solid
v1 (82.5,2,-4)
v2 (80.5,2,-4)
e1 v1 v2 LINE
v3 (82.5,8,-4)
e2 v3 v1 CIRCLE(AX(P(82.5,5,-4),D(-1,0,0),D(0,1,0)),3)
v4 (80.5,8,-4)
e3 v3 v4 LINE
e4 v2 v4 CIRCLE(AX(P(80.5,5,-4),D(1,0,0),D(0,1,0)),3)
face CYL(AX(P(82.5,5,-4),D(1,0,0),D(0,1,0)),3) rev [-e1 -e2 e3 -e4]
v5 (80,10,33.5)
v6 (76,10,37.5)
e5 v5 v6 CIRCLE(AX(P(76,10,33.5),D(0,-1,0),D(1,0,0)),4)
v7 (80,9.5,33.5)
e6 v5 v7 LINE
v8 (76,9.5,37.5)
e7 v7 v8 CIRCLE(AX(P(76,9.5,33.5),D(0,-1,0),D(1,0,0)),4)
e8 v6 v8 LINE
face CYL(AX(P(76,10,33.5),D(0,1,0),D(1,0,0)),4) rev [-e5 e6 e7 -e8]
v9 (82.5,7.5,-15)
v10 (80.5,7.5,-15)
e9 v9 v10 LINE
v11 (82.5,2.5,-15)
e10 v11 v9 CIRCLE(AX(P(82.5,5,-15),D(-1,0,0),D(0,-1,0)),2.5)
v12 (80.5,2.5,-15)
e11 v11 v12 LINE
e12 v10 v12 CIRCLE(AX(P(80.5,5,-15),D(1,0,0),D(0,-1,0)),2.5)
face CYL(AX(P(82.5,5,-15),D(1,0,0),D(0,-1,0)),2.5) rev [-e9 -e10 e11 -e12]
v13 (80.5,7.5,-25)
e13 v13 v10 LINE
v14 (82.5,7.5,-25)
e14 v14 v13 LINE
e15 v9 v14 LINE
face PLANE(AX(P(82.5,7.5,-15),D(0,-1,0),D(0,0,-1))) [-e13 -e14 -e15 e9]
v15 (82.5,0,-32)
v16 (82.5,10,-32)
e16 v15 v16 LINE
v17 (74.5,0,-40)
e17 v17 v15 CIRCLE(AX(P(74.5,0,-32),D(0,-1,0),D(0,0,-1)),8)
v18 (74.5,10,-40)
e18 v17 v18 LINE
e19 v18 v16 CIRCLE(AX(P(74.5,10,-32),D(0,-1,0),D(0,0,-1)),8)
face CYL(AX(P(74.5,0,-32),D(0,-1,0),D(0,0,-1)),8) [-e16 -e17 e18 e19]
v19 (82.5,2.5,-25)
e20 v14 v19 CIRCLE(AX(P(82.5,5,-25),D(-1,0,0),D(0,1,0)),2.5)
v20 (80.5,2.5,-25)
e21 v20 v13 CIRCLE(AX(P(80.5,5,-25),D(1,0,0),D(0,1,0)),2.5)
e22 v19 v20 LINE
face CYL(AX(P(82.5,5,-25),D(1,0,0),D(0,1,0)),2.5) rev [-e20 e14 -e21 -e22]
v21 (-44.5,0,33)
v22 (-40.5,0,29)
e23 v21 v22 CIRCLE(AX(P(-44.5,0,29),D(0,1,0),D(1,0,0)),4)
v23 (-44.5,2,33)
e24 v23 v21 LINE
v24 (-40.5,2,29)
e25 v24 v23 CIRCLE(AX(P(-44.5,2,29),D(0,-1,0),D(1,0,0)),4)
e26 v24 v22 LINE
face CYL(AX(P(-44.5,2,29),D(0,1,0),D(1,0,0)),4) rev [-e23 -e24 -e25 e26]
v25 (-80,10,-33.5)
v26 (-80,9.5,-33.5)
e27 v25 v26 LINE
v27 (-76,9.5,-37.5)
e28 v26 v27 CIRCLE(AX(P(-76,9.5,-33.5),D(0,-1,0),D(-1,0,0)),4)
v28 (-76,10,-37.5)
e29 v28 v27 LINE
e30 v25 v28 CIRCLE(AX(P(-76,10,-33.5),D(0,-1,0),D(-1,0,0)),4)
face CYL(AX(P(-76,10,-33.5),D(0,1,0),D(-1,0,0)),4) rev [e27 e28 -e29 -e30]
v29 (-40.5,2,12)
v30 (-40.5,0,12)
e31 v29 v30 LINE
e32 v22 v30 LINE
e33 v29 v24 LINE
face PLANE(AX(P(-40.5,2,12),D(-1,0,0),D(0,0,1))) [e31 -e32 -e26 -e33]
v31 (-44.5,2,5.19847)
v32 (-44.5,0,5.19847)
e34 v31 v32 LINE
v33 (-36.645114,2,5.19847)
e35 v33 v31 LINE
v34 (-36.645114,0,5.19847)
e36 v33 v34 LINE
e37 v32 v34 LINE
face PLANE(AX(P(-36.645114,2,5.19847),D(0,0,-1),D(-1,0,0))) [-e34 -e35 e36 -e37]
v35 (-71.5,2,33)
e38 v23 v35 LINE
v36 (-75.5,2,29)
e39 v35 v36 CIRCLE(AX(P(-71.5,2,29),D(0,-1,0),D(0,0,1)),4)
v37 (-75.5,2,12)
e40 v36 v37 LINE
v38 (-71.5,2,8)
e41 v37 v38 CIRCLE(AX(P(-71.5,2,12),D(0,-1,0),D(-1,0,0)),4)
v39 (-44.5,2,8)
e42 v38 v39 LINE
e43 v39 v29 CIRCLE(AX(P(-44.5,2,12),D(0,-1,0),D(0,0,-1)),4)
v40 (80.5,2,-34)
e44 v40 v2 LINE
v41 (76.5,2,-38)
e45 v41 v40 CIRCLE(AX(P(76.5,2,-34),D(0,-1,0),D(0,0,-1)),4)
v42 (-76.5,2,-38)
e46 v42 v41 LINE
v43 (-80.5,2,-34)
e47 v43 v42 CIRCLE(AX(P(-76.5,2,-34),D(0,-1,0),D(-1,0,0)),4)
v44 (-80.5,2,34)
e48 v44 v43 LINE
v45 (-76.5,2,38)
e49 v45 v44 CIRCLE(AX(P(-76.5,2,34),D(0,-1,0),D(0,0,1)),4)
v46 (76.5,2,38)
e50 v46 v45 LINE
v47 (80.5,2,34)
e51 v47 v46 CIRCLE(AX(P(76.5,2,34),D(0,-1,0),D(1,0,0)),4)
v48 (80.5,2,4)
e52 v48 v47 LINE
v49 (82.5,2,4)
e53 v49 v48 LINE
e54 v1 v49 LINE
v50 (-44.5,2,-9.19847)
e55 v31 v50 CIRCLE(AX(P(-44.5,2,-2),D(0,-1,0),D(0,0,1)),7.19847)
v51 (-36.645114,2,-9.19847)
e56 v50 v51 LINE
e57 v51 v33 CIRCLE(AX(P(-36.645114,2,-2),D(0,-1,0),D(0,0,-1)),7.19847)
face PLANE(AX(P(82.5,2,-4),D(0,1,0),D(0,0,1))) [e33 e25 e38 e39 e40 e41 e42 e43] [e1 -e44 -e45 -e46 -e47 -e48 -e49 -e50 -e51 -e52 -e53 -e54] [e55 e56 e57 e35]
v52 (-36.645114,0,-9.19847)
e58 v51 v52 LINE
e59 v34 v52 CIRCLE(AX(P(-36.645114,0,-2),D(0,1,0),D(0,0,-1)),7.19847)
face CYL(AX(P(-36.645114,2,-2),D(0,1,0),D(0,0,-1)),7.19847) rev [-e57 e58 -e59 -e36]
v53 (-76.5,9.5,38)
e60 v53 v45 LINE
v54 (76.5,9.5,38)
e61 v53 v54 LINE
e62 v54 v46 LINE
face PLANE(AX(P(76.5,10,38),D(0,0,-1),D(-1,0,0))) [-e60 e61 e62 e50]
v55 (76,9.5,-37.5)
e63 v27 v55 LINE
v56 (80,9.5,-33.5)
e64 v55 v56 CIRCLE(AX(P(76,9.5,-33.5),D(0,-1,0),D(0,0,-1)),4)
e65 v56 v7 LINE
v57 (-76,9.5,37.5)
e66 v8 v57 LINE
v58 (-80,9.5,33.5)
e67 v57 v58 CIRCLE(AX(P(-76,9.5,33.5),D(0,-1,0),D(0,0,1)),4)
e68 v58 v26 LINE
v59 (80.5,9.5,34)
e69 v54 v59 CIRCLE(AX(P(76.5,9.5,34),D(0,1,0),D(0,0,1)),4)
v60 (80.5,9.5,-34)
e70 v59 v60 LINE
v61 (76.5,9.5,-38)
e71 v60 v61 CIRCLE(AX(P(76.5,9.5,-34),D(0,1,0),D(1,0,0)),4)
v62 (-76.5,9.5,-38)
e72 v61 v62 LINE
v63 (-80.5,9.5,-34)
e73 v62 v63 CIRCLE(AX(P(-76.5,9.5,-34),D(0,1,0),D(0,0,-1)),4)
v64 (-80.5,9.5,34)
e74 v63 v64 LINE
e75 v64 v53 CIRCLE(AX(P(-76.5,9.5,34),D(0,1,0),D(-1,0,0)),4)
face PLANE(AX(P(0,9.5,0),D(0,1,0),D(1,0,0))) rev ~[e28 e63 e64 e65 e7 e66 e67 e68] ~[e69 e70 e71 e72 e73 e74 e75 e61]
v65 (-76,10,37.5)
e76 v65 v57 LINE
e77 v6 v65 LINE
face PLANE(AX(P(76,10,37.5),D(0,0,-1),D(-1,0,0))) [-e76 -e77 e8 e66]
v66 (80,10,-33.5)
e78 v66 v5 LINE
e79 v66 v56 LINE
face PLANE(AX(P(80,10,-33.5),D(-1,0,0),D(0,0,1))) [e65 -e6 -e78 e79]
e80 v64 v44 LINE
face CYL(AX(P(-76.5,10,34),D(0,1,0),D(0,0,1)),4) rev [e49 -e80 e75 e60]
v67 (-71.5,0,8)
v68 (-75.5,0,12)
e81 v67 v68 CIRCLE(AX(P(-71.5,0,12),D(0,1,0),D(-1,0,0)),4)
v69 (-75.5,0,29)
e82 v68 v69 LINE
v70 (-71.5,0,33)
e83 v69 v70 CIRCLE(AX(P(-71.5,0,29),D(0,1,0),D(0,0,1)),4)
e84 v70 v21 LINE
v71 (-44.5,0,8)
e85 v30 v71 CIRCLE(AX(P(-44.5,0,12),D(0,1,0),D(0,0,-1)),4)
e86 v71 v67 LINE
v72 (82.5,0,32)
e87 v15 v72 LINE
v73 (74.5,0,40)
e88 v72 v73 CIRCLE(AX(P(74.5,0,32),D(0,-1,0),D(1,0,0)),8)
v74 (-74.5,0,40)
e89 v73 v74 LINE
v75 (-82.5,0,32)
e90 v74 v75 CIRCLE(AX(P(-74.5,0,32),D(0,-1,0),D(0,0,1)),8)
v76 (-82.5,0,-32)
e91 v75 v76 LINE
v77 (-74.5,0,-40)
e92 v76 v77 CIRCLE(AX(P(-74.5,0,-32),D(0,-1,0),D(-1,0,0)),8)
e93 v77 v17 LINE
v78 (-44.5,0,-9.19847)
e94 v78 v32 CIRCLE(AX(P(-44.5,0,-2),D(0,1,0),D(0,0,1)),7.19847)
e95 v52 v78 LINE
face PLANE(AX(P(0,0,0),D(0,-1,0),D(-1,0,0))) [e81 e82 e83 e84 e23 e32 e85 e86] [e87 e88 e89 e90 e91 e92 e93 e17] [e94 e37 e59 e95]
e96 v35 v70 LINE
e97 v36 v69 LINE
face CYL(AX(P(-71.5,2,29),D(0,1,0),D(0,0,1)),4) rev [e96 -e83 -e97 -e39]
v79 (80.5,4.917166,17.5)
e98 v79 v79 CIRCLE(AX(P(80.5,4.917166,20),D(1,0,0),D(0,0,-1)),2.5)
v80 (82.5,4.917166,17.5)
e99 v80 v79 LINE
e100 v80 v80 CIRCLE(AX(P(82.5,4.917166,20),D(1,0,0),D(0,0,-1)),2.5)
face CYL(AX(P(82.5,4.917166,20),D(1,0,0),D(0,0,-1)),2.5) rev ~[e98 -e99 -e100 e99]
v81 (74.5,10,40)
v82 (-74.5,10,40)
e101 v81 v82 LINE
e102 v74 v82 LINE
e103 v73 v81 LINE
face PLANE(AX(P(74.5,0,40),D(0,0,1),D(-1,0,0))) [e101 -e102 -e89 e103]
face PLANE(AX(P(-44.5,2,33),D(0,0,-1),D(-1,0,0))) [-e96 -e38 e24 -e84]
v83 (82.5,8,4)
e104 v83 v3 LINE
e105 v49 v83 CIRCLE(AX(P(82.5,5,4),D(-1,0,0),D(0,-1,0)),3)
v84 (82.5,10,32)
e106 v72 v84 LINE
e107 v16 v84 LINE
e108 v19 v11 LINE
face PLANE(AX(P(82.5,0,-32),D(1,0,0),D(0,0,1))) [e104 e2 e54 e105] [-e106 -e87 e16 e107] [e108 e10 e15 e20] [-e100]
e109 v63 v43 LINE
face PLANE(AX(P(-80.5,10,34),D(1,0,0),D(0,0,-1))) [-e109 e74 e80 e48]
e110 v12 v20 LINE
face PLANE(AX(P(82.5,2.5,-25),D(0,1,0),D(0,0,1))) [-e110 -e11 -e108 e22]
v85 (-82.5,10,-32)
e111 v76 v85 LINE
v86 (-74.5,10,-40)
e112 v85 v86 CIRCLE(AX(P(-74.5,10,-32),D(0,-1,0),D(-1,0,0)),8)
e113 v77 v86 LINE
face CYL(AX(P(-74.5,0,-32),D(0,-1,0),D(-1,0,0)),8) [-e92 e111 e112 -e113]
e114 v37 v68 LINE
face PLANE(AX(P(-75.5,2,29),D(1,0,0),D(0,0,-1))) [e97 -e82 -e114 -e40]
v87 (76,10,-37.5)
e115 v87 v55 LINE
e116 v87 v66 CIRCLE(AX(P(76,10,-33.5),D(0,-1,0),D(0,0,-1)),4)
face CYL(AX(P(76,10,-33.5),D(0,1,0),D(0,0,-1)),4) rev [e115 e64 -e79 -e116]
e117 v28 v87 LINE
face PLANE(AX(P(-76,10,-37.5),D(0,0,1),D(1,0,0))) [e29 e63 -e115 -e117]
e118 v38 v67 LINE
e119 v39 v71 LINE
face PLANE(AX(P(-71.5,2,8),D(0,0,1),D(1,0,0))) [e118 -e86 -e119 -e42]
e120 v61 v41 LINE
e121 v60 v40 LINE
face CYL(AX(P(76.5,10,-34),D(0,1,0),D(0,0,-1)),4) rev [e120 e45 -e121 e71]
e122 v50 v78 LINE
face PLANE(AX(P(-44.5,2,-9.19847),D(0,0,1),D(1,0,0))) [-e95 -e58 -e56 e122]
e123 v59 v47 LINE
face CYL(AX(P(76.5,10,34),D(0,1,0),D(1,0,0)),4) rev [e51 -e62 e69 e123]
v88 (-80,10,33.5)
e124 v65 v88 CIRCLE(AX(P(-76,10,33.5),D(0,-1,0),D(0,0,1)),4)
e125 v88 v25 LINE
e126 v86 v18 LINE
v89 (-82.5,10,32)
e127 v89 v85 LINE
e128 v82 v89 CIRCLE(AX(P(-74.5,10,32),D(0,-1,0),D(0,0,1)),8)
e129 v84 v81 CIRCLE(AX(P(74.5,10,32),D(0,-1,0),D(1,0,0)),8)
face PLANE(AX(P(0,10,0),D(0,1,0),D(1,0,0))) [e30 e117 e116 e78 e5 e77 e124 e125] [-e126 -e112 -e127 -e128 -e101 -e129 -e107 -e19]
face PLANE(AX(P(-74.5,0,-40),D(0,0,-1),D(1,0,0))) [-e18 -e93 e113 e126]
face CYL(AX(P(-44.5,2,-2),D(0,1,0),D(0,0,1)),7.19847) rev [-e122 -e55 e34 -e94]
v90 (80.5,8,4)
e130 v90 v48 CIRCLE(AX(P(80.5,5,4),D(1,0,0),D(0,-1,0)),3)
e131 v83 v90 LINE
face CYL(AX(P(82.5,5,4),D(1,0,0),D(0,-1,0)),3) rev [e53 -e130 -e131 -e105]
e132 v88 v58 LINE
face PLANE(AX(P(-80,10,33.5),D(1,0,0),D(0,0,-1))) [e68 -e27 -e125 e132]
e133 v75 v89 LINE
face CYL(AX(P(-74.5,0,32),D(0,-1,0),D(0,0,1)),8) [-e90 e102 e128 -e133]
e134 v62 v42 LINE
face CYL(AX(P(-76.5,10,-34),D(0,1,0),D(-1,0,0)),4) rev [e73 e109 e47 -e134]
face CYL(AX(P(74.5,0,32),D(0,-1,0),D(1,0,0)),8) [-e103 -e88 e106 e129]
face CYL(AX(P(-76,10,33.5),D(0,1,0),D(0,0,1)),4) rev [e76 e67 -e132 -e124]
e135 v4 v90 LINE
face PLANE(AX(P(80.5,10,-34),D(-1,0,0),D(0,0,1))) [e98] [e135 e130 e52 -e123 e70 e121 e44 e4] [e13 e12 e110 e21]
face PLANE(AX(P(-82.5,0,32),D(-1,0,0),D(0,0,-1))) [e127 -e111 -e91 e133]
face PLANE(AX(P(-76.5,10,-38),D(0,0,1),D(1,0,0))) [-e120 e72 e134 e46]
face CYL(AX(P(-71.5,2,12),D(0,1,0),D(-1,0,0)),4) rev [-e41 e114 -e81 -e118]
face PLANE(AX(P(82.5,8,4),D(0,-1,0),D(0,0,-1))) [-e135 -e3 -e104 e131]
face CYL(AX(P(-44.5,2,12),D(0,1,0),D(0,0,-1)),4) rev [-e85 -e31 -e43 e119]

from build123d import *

# Parameters (mm, degrees)
BOSS_EXTRUDE1_DEPTH = 10
CUT_EXTRUDE1_DEPTH  = 8
CUT_EXTRUDE2_DEPTH  = 8
SKETCH4_R           = 2.5
CUT_EXTRUDE3_DEPTH  = 8
BOSS_EXTRUDE2_DEPTH = 0.5


with BuildPart() as part:
    # Sketch1 → Boss-Extrude1 (new body)
    with BuildSketch(Plane(origin=(0, 0, 0), x_dir=(1, 0, 0), z_dir=(0, 1, 0))):
        with BuildLine():
            Line((-74.5, 40), (74.5, 40))
            ThreePointArc((74.5, 40), (80.156854249, 37.656854249), (82.5, 32))
            Line((82.5, 32), (82.5, -32))
            ThreePointArc((82.5, -32), (80.156854249, -37.656854249), (74.5, -40))
            Line((74.5, -40), (-74.5, -40))
            ThreePointArc((-74.5, -40), (-80.156854249, -37.656854249), (-82.5, -32))
            Line((-82.5, -32), (-82.5, 32))
            ThreePointArc((-82.5, 32), (-80.156854249, 37.656854249), (-74.5, 40))
        make_face()
    extrude(amount=BOSS_EXTRUDE1_DEPTH)

    # Sketch2 → Cut-Extrude1 (cut)
    with BuildSketch(Plane(origin=(0, 10, 0), x_dir=(1, 0, 0), z_dir=(0, 1, 0))):
        with BuildLine():
            Line((-76.5, 38), (76.5, 38))
            ThreePointArc((76.5, 38), (79.328427125, 36.828427125), (80.5, 34))
            Line((80.5, 34), (80.5, -34))
            ThreePointArc((80.5, -34), (79.328427125, -36.828427125), (76.5, -38))
            Line((76.5, -38), (-76.5, -38))
            ThreePointArc((-76.5, -38), (-79.328427125, -36.828427125), (-80.5, -34))
            Line((-80.5, -34), (-80.5, 34))
            ThreePointArc((-80.5, 34), (-79.328427125, 36.828427125), (-76.5, 38))
        make_face()
    extrude(amount=-CUT_EXTRUDE1_DEPTH, mode=Mode.SUBTRACT)

    # Sketch3 → Cut-Extrude2 (cut)
    with BuildSketch(Plane(origin=(0, 2, 0), x_dir=(1, 0, 0), z_dir=(0, 1, 0))):
        with BuildLine():
            Line((-71.5, -8), (-44.5, -8))
            ThreePointArc((-44.5, -8), (-41.671572875, -9.171572875), (-40.5, -12))
            Line((-40.5, -12), (-40.5, -29))
            ThreePointArc((-40.5, -29), (-41.671572875, -31.828427125), (-44.5, -33))
            Line((-44.5, -33), (-71.5, -33))
            ThreePointArc((-71.5, -33), (-74.328427125, -31.828427125), (-75.5, -29))
            Line((-75.5, -29), (-75.5, -12))
            ThreePointArc((-75.5, -12), (-74.328427125, -9.171572875), (-71.5, -8))
        make_face()
        with BuildLine():
            Line((-44.5, 9.198469839), (-36.645114423, 9.198469839))
            ThreePointArc((-36.645114423, 9.198469839), (-29.446644584, 2), (-36.645114423, -5.198469839))
            Line((-36.645114423, -5.198469839), (-44.5, -5.198469839))
            ThreePointArc((-44.5, -5.198469839), (-51.698469839, 2), (-44.5, 9.198469839))
        make_face()
    extrude(amount=-CUT_EXTRUDE2_DEPTH, mode=Mode.SUBTRACT)

    # Sketch4 → Cut-Extrude3 (cut)
    with BuildSketch(Plane(origin=(82.5, 0, 0), x_dir=(0, 0, -1), z_dir=(1, 0, 0))):
        with Locations((-20, 4.917165975)):
            Circle(SKETCH4_R)
        with BuildLine():
            Line((-4, 8), (4, 8))
            ThreePointArc((4, 8), (7, 5), (4, 2))
            Line((4, 2), (-4, 2))
            ThreePointArc((-4, 2), (-7, 5), (-4, 8))
        make_face()
        with BuildLine():
            Line((15, 7.5), (25, 7.5))
            ThreePointArc((25, 7.5), (27.5, 5), (25, 2.5))
            Line((25, 2.5), (15, 2.5))
            ThreePointArc((15, 2.5), (12.5, 5), (15, 7.5))
        make_face()
    extrude(amount=-CUT_EXTRUDE3_DEPTH, mode=Mode.SUBTRACT)

    # Sketch6 → Boss-Extrude2 (add)
    with BuildSketch(Plane(origin=(0, 10, 0), x_dir=(1, 0, 0), z_dir=(0, 1, 0))):
        with BuildLine():
            Line((80.5, -34), (80.5, 34))
            ThreePointArc((80.5, 34), (79.328427125, 36.828427125), (76.5, 38))
            Line((76.5, 38), (-76.5, 38))
            ThreePointArc((-76.5, 38), (-79.328427125, 36.828427125), (-80.5, 34))
            Line((-80.5, 34), (-80.5, -34))
            ThreePointArc((-80.5, -34), (-79.328427125, -36.828427125), (-76.5, -38))
            Line((-76.5, -38), (76.5, -38))
            ThreePointArc((76.5, -38), (79.328427125, -36.828427125), (80.5, -34))
        make_face()
        with BuildLine():
            Line((-76, 37.5), (76, 37.5))
            ThreePointArc((76, 37.5), (78.828427125, 36.328427125), (80, 33.5))
            Line((80, 33.5), (80, -33.5))
            ThreePointArc((80, -33.5), (78.828427125, -36.328427125), (76, -37.5))
            Line((76, -37.5), (-76, -37.5))
            ThreePointArc((-76, -37.5), (-78.828427125, -36.328427125), (-80, -33.5))
            Line((-80, -33.5), (-80, 33.5))
            ThreePointArc((-80, 33.5), (-78.828427125, 36.328427125), (-76, 37.5))
        make_face(mode=Mode.SUBTRACT)
    extrude(amount=-BOSS_EXTRUDE2_DEPTH)


solid = part.part
